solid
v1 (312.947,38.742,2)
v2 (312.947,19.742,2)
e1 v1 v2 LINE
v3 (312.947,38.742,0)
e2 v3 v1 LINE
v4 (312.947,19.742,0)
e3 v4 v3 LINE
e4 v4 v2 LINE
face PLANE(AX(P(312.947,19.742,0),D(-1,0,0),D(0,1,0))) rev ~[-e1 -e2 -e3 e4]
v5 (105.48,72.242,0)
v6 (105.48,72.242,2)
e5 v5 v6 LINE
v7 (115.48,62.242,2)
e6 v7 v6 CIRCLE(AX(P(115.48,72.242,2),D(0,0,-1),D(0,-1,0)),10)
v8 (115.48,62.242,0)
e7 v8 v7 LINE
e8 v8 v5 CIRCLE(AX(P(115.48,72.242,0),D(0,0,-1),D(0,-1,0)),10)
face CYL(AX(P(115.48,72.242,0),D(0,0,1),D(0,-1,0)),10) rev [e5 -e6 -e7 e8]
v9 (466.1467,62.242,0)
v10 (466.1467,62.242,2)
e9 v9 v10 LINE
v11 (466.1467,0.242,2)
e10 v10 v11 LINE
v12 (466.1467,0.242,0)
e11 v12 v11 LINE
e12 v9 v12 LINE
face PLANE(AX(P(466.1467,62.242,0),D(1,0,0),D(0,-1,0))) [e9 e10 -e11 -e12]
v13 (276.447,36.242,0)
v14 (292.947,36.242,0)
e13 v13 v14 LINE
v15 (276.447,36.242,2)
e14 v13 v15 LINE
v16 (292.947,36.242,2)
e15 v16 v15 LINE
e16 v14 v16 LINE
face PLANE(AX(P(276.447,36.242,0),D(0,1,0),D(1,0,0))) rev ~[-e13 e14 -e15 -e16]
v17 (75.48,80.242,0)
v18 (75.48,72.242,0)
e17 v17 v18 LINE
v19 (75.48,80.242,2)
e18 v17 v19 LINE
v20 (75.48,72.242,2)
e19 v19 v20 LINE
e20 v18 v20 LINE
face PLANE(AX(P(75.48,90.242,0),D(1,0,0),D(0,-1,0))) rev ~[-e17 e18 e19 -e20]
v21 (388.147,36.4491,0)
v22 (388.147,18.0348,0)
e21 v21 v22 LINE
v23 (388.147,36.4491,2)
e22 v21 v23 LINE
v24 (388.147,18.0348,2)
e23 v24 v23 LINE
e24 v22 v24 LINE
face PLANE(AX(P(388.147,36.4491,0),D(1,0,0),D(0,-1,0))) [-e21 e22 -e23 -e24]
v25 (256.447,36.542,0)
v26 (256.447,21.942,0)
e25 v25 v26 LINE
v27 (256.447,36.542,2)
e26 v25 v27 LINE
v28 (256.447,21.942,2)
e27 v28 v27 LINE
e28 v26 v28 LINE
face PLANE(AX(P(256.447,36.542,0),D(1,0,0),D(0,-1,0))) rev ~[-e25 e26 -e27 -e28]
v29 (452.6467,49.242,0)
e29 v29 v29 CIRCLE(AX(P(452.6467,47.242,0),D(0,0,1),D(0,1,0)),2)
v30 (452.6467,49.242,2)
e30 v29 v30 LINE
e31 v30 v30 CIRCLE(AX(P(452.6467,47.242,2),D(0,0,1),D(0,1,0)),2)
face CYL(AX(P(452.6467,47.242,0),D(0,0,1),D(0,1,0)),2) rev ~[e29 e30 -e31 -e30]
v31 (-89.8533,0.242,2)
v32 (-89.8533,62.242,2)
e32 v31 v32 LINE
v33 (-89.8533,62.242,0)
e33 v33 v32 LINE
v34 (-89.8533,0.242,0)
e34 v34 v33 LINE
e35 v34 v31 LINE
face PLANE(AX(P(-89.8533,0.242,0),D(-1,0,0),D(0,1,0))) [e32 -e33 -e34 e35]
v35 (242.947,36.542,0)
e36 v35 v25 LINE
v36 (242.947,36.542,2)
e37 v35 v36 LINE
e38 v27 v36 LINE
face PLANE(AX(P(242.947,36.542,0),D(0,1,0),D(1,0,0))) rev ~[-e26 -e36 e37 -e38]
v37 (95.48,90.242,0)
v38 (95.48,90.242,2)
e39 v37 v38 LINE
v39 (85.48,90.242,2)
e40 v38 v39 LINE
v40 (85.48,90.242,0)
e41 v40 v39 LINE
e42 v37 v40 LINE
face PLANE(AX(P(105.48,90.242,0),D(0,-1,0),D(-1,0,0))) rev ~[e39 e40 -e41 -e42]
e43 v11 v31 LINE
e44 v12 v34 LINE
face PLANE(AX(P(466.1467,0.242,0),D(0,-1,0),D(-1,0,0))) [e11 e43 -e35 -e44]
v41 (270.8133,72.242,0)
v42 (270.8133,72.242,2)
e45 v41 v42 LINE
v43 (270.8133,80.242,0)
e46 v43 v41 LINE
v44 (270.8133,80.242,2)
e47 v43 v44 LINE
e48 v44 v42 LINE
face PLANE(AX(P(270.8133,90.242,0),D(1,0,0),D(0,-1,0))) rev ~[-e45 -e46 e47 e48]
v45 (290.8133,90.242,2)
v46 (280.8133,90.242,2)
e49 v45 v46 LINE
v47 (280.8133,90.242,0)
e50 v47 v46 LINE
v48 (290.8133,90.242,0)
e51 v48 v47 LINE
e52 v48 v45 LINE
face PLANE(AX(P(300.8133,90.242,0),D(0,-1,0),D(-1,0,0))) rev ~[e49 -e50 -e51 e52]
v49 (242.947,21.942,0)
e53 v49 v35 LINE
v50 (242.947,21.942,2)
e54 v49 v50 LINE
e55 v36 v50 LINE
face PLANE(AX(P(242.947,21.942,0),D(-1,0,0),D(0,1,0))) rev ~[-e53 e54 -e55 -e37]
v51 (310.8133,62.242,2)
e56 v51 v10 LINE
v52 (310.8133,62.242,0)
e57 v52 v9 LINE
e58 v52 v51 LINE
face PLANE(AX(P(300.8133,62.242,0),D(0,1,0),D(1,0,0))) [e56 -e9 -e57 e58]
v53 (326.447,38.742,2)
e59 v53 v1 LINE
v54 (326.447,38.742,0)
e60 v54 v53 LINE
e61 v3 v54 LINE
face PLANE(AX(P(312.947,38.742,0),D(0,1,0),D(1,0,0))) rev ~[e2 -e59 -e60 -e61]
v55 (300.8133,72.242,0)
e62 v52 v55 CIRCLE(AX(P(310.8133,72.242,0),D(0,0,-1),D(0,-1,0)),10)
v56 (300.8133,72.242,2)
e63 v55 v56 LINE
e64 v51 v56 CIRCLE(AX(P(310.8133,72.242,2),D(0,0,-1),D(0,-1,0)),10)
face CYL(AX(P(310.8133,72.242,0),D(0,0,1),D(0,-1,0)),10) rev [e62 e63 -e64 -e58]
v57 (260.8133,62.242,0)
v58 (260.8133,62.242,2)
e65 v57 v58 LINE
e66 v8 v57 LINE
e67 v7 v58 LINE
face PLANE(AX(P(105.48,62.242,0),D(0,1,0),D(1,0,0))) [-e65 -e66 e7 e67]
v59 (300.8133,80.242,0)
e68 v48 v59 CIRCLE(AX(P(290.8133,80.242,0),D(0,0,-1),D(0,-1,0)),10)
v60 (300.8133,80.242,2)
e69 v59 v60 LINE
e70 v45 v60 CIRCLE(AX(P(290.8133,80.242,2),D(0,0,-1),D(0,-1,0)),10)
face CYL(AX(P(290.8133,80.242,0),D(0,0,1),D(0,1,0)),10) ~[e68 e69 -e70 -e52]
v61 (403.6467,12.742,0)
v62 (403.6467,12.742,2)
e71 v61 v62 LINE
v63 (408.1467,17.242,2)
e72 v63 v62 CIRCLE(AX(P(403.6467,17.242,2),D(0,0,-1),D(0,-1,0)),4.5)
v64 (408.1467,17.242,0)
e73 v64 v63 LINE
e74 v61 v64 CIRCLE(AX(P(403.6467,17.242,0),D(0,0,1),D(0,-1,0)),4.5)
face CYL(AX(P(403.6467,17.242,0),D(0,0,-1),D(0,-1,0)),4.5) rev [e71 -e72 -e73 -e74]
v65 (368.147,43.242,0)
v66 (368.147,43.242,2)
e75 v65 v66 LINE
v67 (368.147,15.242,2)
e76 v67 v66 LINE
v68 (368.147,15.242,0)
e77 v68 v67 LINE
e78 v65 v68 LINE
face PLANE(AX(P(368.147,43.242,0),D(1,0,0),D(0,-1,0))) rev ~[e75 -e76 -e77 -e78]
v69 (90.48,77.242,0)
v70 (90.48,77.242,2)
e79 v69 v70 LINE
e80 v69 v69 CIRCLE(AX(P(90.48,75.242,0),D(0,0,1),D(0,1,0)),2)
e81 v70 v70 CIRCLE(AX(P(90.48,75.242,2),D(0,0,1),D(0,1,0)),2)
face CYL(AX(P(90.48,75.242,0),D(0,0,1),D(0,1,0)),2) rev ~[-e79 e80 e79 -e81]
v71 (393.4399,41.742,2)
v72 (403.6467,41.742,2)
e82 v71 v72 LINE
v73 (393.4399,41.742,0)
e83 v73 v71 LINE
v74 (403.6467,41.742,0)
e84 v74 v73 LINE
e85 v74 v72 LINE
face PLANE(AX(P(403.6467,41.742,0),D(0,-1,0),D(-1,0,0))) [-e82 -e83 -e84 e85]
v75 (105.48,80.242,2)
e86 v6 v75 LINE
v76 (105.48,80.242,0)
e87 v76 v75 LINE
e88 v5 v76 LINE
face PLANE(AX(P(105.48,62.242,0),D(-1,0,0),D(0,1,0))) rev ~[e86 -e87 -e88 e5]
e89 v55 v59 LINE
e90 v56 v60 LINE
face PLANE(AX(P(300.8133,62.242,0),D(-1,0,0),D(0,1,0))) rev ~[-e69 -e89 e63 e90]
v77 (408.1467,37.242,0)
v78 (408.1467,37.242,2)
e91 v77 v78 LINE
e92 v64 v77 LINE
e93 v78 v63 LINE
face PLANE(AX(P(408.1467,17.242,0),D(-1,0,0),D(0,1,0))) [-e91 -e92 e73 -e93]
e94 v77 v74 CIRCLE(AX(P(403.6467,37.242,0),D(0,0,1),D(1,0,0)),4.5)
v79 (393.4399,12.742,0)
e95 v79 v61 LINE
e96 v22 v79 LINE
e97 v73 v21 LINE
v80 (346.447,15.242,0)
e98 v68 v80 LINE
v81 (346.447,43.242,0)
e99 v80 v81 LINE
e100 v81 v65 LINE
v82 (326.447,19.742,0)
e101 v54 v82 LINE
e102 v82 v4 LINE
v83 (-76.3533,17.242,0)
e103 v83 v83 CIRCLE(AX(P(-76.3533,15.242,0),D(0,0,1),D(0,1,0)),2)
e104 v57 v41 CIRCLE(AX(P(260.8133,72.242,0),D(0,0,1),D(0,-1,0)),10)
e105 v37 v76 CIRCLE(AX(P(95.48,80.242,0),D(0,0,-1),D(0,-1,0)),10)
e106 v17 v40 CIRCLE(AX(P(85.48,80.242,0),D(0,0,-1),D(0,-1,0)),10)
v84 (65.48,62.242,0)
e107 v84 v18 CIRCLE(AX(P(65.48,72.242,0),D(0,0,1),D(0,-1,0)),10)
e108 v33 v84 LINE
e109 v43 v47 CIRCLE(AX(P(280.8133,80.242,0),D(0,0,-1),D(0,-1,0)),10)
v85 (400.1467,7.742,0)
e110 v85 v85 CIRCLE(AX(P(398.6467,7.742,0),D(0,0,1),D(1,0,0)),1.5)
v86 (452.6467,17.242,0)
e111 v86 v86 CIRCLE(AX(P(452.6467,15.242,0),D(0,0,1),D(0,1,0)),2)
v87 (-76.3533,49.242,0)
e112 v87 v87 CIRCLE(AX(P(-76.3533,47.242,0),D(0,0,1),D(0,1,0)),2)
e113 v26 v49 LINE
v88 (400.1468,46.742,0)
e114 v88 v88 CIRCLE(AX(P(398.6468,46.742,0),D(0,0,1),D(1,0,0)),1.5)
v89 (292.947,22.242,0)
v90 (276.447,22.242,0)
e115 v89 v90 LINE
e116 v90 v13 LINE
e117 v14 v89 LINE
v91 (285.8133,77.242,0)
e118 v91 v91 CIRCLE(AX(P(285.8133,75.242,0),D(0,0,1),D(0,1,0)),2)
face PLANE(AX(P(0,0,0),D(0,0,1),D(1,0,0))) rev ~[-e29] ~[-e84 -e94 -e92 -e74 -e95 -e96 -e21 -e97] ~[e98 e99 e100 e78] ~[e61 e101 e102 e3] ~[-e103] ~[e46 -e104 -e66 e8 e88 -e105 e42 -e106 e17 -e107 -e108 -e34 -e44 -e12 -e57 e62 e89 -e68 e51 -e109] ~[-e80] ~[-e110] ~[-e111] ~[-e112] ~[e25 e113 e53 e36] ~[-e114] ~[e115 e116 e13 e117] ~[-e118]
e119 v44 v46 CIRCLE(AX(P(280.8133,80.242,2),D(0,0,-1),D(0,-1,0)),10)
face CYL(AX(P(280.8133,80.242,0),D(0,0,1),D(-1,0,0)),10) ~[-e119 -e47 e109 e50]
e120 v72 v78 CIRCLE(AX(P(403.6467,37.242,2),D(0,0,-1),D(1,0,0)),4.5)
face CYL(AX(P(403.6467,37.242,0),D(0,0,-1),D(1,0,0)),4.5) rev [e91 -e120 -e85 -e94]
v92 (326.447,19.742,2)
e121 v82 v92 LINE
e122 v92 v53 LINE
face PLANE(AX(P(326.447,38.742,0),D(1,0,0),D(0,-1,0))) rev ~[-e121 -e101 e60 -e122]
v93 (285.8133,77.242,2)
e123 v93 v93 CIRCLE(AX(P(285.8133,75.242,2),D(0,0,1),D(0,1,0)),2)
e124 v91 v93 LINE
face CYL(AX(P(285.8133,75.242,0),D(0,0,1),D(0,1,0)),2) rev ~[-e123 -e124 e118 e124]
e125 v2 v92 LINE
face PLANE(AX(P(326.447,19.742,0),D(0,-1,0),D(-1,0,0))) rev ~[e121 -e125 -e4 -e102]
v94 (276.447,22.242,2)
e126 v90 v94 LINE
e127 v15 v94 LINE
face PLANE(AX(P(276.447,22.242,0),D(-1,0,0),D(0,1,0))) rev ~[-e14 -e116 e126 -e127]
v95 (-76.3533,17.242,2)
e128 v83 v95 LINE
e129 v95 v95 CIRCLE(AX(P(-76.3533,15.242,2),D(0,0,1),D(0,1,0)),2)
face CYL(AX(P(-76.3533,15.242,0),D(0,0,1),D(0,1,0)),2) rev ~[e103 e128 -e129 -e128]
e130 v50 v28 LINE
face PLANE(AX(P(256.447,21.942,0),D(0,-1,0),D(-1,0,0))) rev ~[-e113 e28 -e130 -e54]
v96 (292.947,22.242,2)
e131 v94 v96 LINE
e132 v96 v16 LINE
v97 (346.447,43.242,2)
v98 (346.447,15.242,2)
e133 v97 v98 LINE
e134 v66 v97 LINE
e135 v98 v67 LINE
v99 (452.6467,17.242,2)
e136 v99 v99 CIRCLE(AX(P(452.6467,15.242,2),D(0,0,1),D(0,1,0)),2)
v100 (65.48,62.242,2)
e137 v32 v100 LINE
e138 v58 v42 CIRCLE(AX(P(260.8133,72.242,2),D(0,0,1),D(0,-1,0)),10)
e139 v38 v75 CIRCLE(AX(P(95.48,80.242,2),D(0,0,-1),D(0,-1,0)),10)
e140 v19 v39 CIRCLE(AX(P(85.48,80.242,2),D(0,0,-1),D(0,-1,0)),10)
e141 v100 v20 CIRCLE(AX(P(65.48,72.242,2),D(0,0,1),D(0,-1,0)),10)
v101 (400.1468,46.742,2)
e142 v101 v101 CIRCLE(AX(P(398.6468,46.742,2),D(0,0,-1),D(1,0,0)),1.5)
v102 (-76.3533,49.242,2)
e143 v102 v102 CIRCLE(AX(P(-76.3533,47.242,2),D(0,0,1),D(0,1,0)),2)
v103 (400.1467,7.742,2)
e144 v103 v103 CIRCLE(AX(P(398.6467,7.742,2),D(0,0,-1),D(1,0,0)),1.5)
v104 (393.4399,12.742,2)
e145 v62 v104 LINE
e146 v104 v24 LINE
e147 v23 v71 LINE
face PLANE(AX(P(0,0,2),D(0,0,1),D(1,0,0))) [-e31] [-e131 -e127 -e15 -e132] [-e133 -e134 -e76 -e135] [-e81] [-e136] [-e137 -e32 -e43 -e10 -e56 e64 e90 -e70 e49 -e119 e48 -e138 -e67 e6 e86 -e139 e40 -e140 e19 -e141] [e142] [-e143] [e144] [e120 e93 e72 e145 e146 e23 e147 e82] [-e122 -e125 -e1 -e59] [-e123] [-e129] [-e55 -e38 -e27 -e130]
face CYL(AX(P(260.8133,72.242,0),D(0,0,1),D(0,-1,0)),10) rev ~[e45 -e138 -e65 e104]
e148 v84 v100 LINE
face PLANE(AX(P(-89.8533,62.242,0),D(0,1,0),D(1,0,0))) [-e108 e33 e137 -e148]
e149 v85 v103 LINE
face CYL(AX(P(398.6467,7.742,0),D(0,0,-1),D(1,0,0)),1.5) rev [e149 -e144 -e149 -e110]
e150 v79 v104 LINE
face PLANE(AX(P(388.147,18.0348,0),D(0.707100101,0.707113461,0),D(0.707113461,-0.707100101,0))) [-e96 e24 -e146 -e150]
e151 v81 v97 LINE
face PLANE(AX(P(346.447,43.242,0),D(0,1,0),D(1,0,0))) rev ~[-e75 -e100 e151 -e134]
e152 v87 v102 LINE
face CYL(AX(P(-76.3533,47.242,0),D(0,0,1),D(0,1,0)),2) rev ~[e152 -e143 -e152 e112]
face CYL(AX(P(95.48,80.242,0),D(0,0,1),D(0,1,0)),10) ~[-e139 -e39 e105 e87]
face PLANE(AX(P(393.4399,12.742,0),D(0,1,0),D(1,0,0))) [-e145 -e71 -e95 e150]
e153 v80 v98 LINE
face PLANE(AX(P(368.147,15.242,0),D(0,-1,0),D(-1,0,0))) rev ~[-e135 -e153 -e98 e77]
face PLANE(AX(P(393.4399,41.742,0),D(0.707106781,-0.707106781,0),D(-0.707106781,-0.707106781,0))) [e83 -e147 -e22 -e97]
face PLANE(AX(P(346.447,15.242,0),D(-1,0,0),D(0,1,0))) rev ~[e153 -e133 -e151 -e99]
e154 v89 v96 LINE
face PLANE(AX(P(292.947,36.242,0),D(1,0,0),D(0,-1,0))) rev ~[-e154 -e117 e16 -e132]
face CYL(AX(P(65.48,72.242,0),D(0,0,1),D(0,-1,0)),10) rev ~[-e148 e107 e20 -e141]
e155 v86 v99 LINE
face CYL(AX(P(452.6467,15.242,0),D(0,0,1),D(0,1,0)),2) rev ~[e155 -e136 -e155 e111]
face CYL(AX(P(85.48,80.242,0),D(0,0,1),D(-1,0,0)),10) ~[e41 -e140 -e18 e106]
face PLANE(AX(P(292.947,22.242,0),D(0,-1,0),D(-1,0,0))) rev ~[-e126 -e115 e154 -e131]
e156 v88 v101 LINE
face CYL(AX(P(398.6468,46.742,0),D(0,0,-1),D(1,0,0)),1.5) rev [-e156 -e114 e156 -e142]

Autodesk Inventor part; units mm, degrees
ref_plane "YZ Plane" through (0, 0, 0) normal (1, 0, 0) x (0, 1, 0)
ref_plane "XZ Plane" through (0, 0, 0) normal (0, 1, 0) x (-1, 0, 0)
ref_plane "XY Plane" through (0, 0, 0) normal (0, 0, 1) x (1, 0, 0)
sketch "Szkic1" plane through (0, 0, 0) normal (0, 0, 1) x (1, 0, 0)
  line L0 (-89.8533, 62.242) -> (466.1467, 62.242)
  line L1 (466.1467, 62.242) -> (466.1467, 0.242)
  line L2 (466.1467, 0.242) -> (-89.8533, 0.242)
  line L3 (-89.8533, 0.242) -> (-89.8533, 62.242)
  line L4 (75.48, 62.242) -> (105.48, 62.242)
  line L5 (105.48, 62.242) -> (105.48, 90.242)
  line L6 (105.48, 90.242) -> (75.48, 90.242)
  line L7 (75.48, 90.242) -> (75.48, 62.242)
  line L8 (270.8133, 62.242) -> (300.8133, 62.242)
  line L9 (300.8133, 62.242) -> (300.8133, 90.242)
  line L10 (300.8133, 90.242) -> (270.8133, 90.242)
  line L11 (270.8133, 90.242) -> (270.8133, 62.242)
  arc A0 (403.6467, 13.242) -> (407.6467, 17.242) centre (403.6467, 17.242) ccw
  line L12 (407.6467, 17.242) -> (407.6467, 37.242)
  arc A1 (407.6467, 37.242) -> (403.6467, 41.242) centre (403.6467, 37.242) ccw
  line L13 (388.647, 36.242) -> (393.647, 41.242)
  line L14 (388.647, 36.242) -> (388.647, 18.242)
  line L15 (393.647, 13.242) -> (388.647, 18.242)
  line L16 (393.647, 41.242) -> (403.6467, 41.242)
  line L17 (393.647, 13.242) -> (403.6467, 13.242)
  line L18 (393.4399, 41.742) -> (388.147, 36.4491)
  line L19 (388.147, 36.4491) -> (388.147, 18.0348)
  line L20 (388.147, 18.0348) -> (393.4399, 12.742)
  line L21 (393.4399, 12.742) -> (403.6467, 12.742)
  arc A2 (403.6467, 12.742) -> (408.1467, 17.242) centre (403.6467, 17.242) ccw
  line L22 (408.1467, 17.242) -> (408.1467, 37.242)
  arc A3 (408.1467, 37.242) -> (403.6467, 41.742) centre (403.6467, 37.242) ccw
  line L23 (403.6467, 41.742) -> (393.4399, 41.742)
  circle A4 centre (398.6468, 46.742) radius 1.5
  circle A5 centre (398.6467, 7.742) radius 1.5
  line L24 (346.447, 43.242) -> (368.147, 43.242)
  line L25 (368.147, 43.242) -> (368.147, 15.242)
  line L26 (368.147, 15.242) -> (346.447, 15.242)
  line L27 (346.447, 15.242) -> (346.447, 43.242)
  line L28 (276.447, 36.242) -> (292.947, 36.242)
  line L29 (292.947, 36.242) -> (292.947, 22.242)
  line L30 (292.947, 22.242) -> (276.447, 22.242)
  line L31 (276.447, 22.242) -> (276.447, 36.242)
  line L32 (242.947, 36.542) -> (256.447, 36.542)
  line L33 (256.447, 36.542) -> (256.447, 21.942)
  line L34 (256.447, 21.942) -> (242.947, 21.942)
  line L35 (242.947, 21.942) -> (242.947, 36.542)
  line L36 (312.947, 38.742) -> (326.447, 38.742)
  line L37 (326.447, 38.742) -> (326.447, 19.742)
  line L38 (326.447, 19.742) -> (312.947, 19.742)
  line L39 (312.947, 19.742) -> (312.947, 38.742)
  point P0 (90.48, 75.242)
  point P1 (285.8133, 75.242)
  point P2 (-76.3533, 47.242)
  point P3 (452.6467, 47.242)
  point P4 (-76.3533, 15.242)
  point P5 (452.6467, 15.242)
  dimension "d0" = 556
  dimension "d1" = 62
  dimension "d2" = 30
  dimension "d3" = 28
  dimension "d4" = 30
  dimension "d5" = 28
  dimension "d6" = 165.3333
  dimension "d10" = 165.3333
  dimension "d12" = 15
  dimension "d13" = 15
  dimension "d14" = 15
  dimension "d15" = 15
  dimension "d16" = 13.5
  dimension "d17" = 13.5
  dimension "d18" = 15
  dimension "d19" = 15
  dimension "d27" = 13.5
  dimension "d28" = 13.5
  dimension "d29" = 15
  dimension "d30" = 15
  dimension "d42" = 18.9997
  dimension "d43" = 58.5
  dimension "d44" = 28
  dimension "d45" = 21
  dimension "d46" = 14.9997
  dimension "d47" = 4
  dimension "d48" = 4
  dimension "d49" = 14.9997
  dimension "d50" = 5
  dimension "d51" = 5
  dimension "d54" = 0.5
  dimension "d55" = 5.5
  dimension "d56" = 5.5
  dimension "d57" = 8.9999
  dimension "d58" = 9
  dimension "d59" = 3
  dimension "d60" = 3
  dimension "d61" = 10.2068
  dimension "d62" = 9.9997
  dimension "d63" = 9.9997
  dimension "d64" = 10.2068
  dimension "d65" = 28
  dimension "d66" = 21.7
  dimension "d69" = 16.5
  dimension "d71" = 14
  dimension "d72" = 14.6
  dimension "d73" = 13.5
  dimension "d74" = 19
  dimension "d75" = 13.5
  dimension "d76" = 19
  dimension "d77" = 23.5
  dimension "d78" = 26
  dimension "d79" = 25.7
  dimension "d80" = 20
  dimension "d81" = 20
  dimension "d82" = 20
  dimension "d83" = 20
extrude "Wyciągnięcie proste1" add sketch "Szkic1" along normal blind 2 contours L0 L1 L2 L3 | L7 L6 L5 L0 | L11 L10 L9 L0 | L17 L15 L14 L13 L16 A1 L12 A0 | L23 A3 L22 A2 L21 L20 L19 L18 | A4 | A5 | L24 L25 L26 L27 | L28 L29 L30 L31 | L32 L33 L34 L35 | L36 L37 L38 L39
fillet "Zaokrąglenie1" radius 10 8 edges at (75.48, 62.242, 1) (75.48, 90.242, 1) (105.48, 90.242, 1) (105.48, 62.242, 1) (270.8133, 62.242, 1) (270.8133, 90.242, 1) (300.8133, 90.242, 1) (300.8133, 62.242, 1)
hole "Otwór1" at (90.48, 75.242, 0) at (285.8133, 75.242, 0) at (-76.3533, 47.242, 0) at (452.6467, 47.242, 0) at (-76.3533, 15.242, 0) at (452.6467, 15.242, 0) direction (0, 0, 1) diameter 4 end through all
extrude "Wyciągnięcie proste2" cut sketch "Szkic1" along normal through all contours L17 L15 L14 L13 L16 A1 L12 A0 | L23 A3 L22 A2 L21 L20 L19 L18 | A4 | A5 | L24 L25 L26 L27 | L28 L29 L30 L31 | L32 L33 L34 L35 | L36 L37 L38 L39
equation "\"d6\" = -0.333333 * d4 + 0.333333 * d0 - 0.333333 * d2"
equation "\"d10\" = d6"
equation "\"d14\" = 0.5 * d2"
equation "\"d15\" = 0.5 * d4"
equation "\"d19\" = d18"
equation "\"d27\" = d16"
equation "\"d28\" = d17"
equation "\"d29\" = d18"
equation "\"d30\" = d19"
properties part number "LC_ALU_2mm_Back_Plate"
